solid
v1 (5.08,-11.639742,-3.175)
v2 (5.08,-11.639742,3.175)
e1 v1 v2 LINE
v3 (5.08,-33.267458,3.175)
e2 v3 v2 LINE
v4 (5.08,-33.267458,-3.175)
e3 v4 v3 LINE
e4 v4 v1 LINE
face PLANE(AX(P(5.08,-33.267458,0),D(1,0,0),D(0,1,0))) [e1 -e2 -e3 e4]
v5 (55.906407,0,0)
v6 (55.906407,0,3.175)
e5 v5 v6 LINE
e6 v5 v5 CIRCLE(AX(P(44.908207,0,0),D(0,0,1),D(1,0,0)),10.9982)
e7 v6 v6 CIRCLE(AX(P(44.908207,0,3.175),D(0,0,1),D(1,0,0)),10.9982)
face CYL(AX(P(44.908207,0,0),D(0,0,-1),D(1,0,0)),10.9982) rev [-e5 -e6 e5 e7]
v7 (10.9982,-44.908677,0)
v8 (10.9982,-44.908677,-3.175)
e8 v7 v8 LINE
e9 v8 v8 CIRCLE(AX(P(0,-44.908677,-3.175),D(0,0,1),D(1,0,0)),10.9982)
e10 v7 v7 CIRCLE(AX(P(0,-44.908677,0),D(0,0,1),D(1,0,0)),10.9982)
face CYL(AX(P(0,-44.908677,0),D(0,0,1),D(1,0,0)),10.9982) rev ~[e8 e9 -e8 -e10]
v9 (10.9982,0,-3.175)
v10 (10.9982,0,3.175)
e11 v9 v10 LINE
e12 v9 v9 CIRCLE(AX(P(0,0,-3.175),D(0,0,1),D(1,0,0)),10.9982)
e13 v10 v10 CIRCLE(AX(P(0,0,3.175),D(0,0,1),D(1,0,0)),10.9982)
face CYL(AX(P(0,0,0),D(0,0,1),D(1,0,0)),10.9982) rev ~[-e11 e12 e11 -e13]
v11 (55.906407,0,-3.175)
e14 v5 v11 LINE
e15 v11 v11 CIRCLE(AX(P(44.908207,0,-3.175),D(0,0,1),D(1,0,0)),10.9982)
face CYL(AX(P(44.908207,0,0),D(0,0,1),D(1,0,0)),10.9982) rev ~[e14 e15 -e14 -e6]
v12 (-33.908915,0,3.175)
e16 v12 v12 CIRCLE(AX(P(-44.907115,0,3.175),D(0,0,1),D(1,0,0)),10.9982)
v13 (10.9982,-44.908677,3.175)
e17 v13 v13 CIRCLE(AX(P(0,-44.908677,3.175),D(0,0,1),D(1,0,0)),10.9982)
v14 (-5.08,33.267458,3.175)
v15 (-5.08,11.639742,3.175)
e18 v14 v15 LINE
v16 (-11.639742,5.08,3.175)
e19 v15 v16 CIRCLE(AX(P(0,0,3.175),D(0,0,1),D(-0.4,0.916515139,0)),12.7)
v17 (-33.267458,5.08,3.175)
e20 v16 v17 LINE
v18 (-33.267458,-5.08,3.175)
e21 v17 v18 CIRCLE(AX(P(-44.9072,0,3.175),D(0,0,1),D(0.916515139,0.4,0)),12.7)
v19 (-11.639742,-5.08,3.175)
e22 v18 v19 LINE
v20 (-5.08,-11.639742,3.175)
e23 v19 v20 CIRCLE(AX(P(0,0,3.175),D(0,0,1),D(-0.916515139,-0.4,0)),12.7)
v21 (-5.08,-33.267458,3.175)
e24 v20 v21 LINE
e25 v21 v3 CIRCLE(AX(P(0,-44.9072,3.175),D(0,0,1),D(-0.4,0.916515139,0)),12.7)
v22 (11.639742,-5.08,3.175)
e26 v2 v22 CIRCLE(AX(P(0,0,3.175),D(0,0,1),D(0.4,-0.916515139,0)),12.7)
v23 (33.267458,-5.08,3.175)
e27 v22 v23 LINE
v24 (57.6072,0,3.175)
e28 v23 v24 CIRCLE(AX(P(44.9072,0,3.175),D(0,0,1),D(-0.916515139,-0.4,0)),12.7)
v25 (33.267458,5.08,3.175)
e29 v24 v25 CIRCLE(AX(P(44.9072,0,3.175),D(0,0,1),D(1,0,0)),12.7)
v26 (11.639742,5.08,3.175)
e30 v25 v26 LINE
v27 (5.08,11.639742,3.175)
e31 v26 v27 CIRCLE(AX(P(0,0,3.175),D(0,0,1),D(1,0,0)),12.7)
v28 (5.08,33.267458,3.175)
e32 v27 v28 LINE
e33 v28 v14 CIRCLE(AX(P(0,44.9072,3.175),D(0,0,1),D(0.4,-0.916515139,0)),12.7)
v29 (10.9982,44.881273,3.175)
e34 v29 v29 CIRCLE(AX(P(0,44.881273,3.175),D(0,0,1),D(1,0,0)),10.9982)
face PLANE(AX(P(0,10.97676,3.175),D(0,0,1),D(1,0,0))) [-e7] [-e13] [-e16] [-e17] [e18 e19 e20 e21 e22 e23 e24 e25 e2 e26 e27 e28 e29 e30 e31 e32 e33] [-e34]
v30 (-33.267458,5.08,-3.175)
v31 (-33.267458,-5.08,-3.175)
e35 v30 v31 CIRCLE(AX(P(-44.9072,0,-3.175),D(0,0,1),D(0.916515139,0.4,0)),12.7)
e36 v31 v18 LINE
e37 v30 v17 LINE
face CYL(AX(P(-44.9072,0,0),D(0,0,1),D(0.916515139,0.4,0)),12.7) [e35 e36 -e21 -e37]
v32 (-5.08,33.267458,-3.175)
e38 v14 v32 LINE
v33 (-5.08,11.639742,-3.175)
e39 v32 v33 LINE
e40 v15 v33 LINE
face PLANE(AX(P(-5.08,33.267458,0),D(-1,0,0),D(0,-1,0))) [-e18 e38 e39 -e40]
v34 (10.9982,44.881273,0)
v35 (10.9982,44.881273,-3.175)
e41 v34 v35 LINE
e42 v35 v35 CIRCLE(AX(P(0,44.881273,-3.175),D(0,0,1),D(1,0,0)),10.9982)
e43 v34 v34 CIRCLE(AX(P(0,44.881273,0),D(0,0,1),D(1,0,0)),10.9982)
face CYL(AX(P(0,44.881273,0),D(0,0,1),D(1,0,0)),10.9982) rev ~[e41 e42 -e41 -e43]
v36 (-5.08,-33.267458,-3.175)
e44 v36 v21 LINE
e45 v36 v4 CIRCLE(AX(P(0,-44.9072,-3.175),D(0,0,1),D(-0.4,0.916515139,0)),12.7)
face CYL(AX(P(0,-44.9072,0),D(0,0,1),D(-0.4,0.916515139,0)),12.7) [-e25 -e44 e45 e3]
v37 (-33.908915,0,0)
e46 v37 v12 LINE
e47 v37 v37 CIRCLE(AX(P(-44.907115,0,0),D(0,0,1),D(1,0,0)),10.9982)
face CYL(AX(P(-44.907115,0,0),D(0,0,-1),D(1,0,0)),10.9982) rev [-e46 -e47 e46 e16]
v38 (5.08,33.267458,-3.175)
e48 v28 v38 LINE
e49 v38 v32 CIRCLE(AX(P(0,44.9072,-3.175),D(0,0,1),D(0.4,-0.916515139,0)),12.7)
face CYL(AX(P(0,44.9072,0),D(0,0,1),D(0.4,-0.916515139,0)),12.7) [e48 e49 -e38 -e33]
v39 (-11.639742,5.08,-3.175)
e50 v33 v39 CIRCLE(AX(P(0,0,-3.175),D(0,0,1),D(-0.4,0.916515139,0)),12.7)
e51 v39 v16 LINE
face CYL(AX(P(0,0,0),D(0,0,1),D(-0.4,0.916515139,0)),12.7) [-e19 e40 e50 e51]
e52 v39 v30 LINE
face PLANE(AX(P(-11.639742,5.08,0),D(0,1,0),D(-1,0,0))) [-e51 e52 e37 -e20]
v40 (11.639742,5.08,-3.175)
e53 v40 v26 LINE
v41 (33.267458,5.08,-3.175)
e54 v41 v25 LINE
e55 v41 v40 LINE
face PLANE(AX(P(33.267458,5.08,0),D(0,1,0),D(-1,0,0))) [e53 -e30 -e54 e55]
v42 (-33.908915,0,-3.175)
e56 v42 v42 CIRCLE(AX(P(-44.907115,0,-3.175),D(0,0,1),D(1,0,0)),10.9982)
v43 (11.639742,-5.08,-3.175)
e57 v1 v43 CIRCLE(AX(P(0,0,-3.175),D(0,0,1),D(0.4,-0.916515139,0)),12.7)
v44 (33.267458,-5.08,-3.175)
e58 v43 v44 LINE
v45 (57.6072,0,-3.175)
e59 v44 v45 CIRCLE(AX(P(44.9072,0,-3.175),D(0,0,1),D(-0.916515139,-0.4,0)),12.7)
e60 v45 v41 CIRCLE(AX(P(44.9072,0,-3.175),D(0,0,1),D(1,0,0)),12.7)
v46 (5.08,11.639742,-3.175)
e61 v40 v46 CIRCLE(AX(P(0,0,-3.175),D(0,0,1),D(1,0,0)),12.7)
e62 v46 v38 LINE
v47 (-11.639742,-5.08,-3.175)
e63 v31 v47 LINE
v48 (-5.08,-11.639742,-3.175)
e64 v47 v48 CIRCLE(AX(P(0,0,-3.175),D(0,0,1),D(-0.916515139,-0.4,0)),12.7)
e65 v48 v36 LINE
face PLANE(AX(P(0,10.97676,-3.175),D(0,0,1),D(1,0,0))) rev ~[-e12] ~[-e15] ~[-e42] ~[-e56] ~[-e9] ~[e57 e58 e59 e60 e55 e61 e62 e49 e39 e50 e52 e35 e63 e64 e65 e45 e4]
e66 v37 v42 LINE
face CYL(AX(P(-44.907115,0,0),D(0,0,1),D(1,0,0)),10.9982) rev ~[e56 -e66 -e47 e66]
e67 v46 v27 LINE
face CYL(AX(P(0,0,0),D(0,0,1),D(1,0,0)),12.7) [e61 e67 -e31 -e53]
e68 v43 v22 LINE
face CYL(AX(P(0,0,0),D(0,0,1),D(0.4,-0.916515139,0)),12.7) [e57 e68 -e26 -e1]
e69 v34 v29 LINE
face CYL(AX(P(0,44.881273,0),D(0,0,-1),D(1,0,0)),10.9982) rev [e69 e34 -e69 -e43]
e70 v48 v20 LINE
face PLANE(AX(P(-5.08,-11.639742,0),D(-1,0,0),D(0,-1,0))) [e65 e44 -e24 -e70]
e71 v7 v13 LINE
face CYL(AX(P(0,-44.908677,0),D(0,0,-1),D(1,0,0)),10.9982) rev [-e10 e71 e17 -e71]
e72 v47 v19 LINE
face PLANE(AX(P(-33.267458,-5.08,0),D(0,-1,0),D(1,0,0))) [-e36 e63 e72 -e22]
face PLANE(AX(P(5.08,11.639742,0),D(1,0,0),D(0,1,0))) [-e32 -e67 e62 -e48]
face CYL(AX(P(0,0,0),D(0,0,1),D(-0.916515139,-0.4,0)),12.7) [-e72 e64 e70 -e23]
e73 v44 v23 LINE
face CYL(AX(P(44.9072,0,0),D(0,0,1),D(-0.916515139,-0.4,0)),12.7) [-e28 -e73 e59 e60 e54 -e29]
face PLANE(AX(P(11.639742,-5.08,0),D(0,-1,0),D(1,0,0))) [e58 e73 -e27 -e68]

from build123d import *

# Parameters (mm, degrees)
F2_DEPTH = 3.175
F1_R     = 10.9982
F3_DEPTH = 3.175


with BuildPart() as f2:
    # F0 (on Top) → F2 (new body, symmetric)
    with BuildSketch(Plane.XY):
        with BuildLine():
            Line((-5.08, 11.6397422652), (-5.08, 9.7567207606))
            Line((-5.08, 9.7567207606), (5.08, 9.7567207606))
            Line((5.08, 9.7567207606), (5.08, 11.6397422652))
            ThreePointArc((5.08, 11.6397422652), (0, 12.7), (-5.08, 11.6397422652))
        make_face()
        with BuildLine():
            Line((5.08, 9.7567207606), (-5.08, 9.7567207606))
            Line((-5.08, 9.7567207606), (-5.08, 11.6397422652))
            ThreePointArc((-5.08, 11.6397422652), (-8.9802561211, 8.9802561211), (-11.6397422652, 5.08))
            Line((-11.6397422652, 5.08), (-9.7536, 5.08))
            Line((-9.7536, 5.08), (-9.7536, -5.08))
            Line((-9.7536, -5.08), (-11.6397422652, -5.08))
            ThreePointArc((-11.6397422652, -5.08), (-8.9802561211, -8.9802561211), (-5.08, -11.6397422652))
            Line((-5.08, -11.6397422652), (-5.08, -9.7536))
            Line((-5.08, -9.7536), (5.08, -9.7536))
            Line((5.08, -9.7536), (5.08, -11.6397422652))
            ThreePointArc((5.08, -11.6397422652), (8.9802561211, -8.9802561211), (11.6397422652, -5.08))
            Line((11.6397422652, -5.08), (9.7536, -5.08))
            Line((9.7536, -5.08), (9.7536, 5.08))
            Line((9.7536, 5.08), (11.6397422652, 5.08))
            ThreePointArc((11.6397422652, 5.08), (8.9802561211, 8.9802561211), (5.08, 11.6397422652))
            Line((5.08, 11.6397422652), (5.08, 9.7567207606))
        make_face()
        with BuildLine():
            Line((-5.08, 33.2674577348), (-5.08, 11.6397422652))
            ThreePointArc((-5.08, 11.6397422652), (0, 12.7), (5.08, 11.6397422652))
            Line((5.08, 11.6397422652), (5.08, 33.2674577348))
            ThreePointArc((5.08, 33.2674577348), (0, 32.2072), (-5.08, 33.2674577348))
        make_face()
        with BuildLine():
            ThreePointArc((12.7, 44.9072), (-6.9560764803, 55.532782337), (-5.08, 33.2674577348))
            Line((-5.08, 33.2674577348), (-5.08, 35.1567207606))
            Line((-5.08, 35.1567207606), (5.08, 35.1567207606))
            Line((5.08, 35.1567207606), (5.08, 33.2674577348))
            ThreePointArc((5.08, 33.2674577348), (10.625582337, 37.9511235197), (12.7, 44.9072))
        make_face()
        with BuildLine():
            Line((-5.08, 35.1567207606), (-5.08, 33.2674577348))
            ThreePointArc((-5.08, 33.2674577348), (0, 32.2072), (5.08, 33.2674577348))
            Line((5.08, 33.2674577348), (5.08, 35.1567207606))
            Line((5.08, 35.1567207606), (-5.08, 35.1567207606))
        make_face()
        with BuildLine():
            ThreePointArc((-11.6397422652, -5.08), (-12.7, 0), (-11.6397422652, 5.08))
            Line((-11.6397422652, 5.08), (-33.2674577348, 5.08))
            ThreePointArc((-33.2674577348, 5.08), (-32.4750898258, 2.5947324749), (-32.2072, 0))
            ThreePointArc((-32.2072, 0), (-32.4750898258, -2.5947324749), (-33.2674577348, -5.08))
            Line((-33.2674577348, -5.08), (-11.6397422652, -5.08))
        make_face()
        with BuildLine():
            Line((-9.7536, 5.08), (-11.6397422652, 5.08))
            ThreePointArc((-11.6397422652, 5.08), (-12.7, 0), (-11.6397422652, -5.08))
            Line((-11.6397422652, -5.08), (-9.7536, -5.08))
            Line((-9.7536, -5.08), (-9.7536, 5.08))
        make_face()
        with BuildLine():
            ThreePointArc((12.7, 0), (12.4321101742, 2.5947324749), (11.6397422652, 5.08))
            Line((11.6397422652, 5.08), (9.7536, 5.08))
            Line((9.7536, 5.08), (9.7536, -5.08))
            Line((9.7536, -5.08), (11.6397422652, -5.08))
            ThreePointArc((11.6397422652, -5.08), (12.4321101742, -2.5947324749), (12.7, 0))
        make_face()
        with BuildLine():
            Line((33.2674577348, 5.08), (11.6397422652, 5.08))
            ThreePointArc((11.6397422652, 5.08), (12.4321101742, 2.5947324749), (12.7, 0))
            ThreePointArc((12.7, 0), (12.4321101742, -2.5947324749), (11.6397422652, -5.08))
            Line((11.6397422652, -5.08), (33.2674577348, -5.08))
            ThreePointArc((33.2674577348, -5.08), (32.2072, 0), (33.2674577348, 5.08))
        make_face()
        with BuildLine():
            ThreePointArc((-32.2072, 0), (-32.4750898258, 2.5947324749), (-33.2674577348, 5.08))
            Line((-33.2674577348, 5.08), (-35.1536, 5.08))
            Line((-35.1536, 5.08), (-35.1536, -5.08))
            Line((-35.1536, -5.08), (-33.2674577348, -5.08))
            ThreePointArc((-33.2674577348, -5.08), (-32.4750898258, -2.5947324749), (-32.2072, 0))
        make_face()
        with BuildLine():
            Line((-35.1536, 5.08), (-33.2674577348, 5.08))
            ThreePointArc((-33.2674577348, 5.08), (-57.6072, 0), (-33.2674577348, -5.08))
            Line((-33.2674577348, -5.08), (-35.1536, -5.08))
            Line((-35.1536, -5.08), (-35.1536, 5.08))
        make_face()
        with BuildLine():
            ThreePointArc((57.6072, 0), (47.5019324749, 12.4321101742), (33.2674577348, 5.08))
            Line((33.2674577348, 5.08), (35.1536, 5.08))
            Line((35.1536, 5.08), (35.1536, -5.08))
            Line((35.1536, -5.08), (33.2674577348, -5.08))
            ThreePointArc((33.2674577348, -5.08), (47.5019324749, -12.4321101742), (57.6072, 0))
        make_face()
        with BuildLine():
            Line((35.1536, 5.08), (33.2674577348, 5.08))
            ThreePointArc((33.2674577348, 5.08), (32.2072, 0), (33.2674577348, -5.08))
            Line((33.2674577348, -5.08), (35.1536, -5.08))
            Line((35.1536, -5.08), (35.1536, 5.08))
        make_face()
        with BuildLine():
            ThreePointArc((5.08, -11.6397422652), (0, -12.7), (-5.08, -11.6397422652))
            Line((-5.08, -11.6397422652), (-5.08, -33.2674577348))
            ThreePointArc((-5.08, -33.2674577348), (0, -32.2072), (5.08, -33.2674577348))
            Line((5.08, -33.2674577348), (5.08, -11.6397422652))
        make_face()
        with BuildLine():
            Line((-5.08, -9.7536), (-5.08, -11.6397422652))
            ThreePointArc((-5.08, -11.6397422652), (0, -12.7), (5.08, -11.6397422652))
            Line((5.08, -11.6397422652), (5.08, -9.7536))
            Line((5.08, -9.7536), (-5.08, -9.7536))
        make_face()
        with BuildLine():
            ThreePointArc((5.08, -33.2674577348), (0, -32.2072), (-5.08, -33.2674577348))
            Line((-5.08, -33.2674577348), (-5.08, -35.1536))
            Line((-5.08, -35.1536), (5.08, -35.1536))
            Line((5.08, -35.1536), (5.08, -33.2674577348))
        make_face()
        with BuildLine():
            Line((-5.08, -35.1536), (-5.08, -33.2674577348))
            ThreePointArc((-5.08, -33.2674577348), (-6.9560764803, -55.532782337), (12.7, -44.9072))
            ThreePointArc((12.7, -44.9072), (10.625582337, -37.9511235197), (5.08, -33.2674577348))
            Line((5.08, -33.2674577348), (5.08, -35.1536))
            Line((5.08, -35.1536), (-5.08, -35.1536))
        make_face()
    extrude(amount=F2_DEPTH, both=True)

    # F1 (on Top) → F3 (cut, symmetric)
    with BuildSketch(Plane.XY):
        with Locations((0, 44.881273061)):
            Circle(F1_R)
        with Locations((44.9082072701, 0)):
            Circle(F1_R)
        with Locations((-44.9071153058, 0)):
            Circle(F1_R)
        with Locations((0, -44.9086768341)):
            Circle(F1_R)
        Circle(F1_R)
    extrude(amount=F3_DEPTH, both=True, mode=Mode.SUBTRACT)


solid = f2.part
